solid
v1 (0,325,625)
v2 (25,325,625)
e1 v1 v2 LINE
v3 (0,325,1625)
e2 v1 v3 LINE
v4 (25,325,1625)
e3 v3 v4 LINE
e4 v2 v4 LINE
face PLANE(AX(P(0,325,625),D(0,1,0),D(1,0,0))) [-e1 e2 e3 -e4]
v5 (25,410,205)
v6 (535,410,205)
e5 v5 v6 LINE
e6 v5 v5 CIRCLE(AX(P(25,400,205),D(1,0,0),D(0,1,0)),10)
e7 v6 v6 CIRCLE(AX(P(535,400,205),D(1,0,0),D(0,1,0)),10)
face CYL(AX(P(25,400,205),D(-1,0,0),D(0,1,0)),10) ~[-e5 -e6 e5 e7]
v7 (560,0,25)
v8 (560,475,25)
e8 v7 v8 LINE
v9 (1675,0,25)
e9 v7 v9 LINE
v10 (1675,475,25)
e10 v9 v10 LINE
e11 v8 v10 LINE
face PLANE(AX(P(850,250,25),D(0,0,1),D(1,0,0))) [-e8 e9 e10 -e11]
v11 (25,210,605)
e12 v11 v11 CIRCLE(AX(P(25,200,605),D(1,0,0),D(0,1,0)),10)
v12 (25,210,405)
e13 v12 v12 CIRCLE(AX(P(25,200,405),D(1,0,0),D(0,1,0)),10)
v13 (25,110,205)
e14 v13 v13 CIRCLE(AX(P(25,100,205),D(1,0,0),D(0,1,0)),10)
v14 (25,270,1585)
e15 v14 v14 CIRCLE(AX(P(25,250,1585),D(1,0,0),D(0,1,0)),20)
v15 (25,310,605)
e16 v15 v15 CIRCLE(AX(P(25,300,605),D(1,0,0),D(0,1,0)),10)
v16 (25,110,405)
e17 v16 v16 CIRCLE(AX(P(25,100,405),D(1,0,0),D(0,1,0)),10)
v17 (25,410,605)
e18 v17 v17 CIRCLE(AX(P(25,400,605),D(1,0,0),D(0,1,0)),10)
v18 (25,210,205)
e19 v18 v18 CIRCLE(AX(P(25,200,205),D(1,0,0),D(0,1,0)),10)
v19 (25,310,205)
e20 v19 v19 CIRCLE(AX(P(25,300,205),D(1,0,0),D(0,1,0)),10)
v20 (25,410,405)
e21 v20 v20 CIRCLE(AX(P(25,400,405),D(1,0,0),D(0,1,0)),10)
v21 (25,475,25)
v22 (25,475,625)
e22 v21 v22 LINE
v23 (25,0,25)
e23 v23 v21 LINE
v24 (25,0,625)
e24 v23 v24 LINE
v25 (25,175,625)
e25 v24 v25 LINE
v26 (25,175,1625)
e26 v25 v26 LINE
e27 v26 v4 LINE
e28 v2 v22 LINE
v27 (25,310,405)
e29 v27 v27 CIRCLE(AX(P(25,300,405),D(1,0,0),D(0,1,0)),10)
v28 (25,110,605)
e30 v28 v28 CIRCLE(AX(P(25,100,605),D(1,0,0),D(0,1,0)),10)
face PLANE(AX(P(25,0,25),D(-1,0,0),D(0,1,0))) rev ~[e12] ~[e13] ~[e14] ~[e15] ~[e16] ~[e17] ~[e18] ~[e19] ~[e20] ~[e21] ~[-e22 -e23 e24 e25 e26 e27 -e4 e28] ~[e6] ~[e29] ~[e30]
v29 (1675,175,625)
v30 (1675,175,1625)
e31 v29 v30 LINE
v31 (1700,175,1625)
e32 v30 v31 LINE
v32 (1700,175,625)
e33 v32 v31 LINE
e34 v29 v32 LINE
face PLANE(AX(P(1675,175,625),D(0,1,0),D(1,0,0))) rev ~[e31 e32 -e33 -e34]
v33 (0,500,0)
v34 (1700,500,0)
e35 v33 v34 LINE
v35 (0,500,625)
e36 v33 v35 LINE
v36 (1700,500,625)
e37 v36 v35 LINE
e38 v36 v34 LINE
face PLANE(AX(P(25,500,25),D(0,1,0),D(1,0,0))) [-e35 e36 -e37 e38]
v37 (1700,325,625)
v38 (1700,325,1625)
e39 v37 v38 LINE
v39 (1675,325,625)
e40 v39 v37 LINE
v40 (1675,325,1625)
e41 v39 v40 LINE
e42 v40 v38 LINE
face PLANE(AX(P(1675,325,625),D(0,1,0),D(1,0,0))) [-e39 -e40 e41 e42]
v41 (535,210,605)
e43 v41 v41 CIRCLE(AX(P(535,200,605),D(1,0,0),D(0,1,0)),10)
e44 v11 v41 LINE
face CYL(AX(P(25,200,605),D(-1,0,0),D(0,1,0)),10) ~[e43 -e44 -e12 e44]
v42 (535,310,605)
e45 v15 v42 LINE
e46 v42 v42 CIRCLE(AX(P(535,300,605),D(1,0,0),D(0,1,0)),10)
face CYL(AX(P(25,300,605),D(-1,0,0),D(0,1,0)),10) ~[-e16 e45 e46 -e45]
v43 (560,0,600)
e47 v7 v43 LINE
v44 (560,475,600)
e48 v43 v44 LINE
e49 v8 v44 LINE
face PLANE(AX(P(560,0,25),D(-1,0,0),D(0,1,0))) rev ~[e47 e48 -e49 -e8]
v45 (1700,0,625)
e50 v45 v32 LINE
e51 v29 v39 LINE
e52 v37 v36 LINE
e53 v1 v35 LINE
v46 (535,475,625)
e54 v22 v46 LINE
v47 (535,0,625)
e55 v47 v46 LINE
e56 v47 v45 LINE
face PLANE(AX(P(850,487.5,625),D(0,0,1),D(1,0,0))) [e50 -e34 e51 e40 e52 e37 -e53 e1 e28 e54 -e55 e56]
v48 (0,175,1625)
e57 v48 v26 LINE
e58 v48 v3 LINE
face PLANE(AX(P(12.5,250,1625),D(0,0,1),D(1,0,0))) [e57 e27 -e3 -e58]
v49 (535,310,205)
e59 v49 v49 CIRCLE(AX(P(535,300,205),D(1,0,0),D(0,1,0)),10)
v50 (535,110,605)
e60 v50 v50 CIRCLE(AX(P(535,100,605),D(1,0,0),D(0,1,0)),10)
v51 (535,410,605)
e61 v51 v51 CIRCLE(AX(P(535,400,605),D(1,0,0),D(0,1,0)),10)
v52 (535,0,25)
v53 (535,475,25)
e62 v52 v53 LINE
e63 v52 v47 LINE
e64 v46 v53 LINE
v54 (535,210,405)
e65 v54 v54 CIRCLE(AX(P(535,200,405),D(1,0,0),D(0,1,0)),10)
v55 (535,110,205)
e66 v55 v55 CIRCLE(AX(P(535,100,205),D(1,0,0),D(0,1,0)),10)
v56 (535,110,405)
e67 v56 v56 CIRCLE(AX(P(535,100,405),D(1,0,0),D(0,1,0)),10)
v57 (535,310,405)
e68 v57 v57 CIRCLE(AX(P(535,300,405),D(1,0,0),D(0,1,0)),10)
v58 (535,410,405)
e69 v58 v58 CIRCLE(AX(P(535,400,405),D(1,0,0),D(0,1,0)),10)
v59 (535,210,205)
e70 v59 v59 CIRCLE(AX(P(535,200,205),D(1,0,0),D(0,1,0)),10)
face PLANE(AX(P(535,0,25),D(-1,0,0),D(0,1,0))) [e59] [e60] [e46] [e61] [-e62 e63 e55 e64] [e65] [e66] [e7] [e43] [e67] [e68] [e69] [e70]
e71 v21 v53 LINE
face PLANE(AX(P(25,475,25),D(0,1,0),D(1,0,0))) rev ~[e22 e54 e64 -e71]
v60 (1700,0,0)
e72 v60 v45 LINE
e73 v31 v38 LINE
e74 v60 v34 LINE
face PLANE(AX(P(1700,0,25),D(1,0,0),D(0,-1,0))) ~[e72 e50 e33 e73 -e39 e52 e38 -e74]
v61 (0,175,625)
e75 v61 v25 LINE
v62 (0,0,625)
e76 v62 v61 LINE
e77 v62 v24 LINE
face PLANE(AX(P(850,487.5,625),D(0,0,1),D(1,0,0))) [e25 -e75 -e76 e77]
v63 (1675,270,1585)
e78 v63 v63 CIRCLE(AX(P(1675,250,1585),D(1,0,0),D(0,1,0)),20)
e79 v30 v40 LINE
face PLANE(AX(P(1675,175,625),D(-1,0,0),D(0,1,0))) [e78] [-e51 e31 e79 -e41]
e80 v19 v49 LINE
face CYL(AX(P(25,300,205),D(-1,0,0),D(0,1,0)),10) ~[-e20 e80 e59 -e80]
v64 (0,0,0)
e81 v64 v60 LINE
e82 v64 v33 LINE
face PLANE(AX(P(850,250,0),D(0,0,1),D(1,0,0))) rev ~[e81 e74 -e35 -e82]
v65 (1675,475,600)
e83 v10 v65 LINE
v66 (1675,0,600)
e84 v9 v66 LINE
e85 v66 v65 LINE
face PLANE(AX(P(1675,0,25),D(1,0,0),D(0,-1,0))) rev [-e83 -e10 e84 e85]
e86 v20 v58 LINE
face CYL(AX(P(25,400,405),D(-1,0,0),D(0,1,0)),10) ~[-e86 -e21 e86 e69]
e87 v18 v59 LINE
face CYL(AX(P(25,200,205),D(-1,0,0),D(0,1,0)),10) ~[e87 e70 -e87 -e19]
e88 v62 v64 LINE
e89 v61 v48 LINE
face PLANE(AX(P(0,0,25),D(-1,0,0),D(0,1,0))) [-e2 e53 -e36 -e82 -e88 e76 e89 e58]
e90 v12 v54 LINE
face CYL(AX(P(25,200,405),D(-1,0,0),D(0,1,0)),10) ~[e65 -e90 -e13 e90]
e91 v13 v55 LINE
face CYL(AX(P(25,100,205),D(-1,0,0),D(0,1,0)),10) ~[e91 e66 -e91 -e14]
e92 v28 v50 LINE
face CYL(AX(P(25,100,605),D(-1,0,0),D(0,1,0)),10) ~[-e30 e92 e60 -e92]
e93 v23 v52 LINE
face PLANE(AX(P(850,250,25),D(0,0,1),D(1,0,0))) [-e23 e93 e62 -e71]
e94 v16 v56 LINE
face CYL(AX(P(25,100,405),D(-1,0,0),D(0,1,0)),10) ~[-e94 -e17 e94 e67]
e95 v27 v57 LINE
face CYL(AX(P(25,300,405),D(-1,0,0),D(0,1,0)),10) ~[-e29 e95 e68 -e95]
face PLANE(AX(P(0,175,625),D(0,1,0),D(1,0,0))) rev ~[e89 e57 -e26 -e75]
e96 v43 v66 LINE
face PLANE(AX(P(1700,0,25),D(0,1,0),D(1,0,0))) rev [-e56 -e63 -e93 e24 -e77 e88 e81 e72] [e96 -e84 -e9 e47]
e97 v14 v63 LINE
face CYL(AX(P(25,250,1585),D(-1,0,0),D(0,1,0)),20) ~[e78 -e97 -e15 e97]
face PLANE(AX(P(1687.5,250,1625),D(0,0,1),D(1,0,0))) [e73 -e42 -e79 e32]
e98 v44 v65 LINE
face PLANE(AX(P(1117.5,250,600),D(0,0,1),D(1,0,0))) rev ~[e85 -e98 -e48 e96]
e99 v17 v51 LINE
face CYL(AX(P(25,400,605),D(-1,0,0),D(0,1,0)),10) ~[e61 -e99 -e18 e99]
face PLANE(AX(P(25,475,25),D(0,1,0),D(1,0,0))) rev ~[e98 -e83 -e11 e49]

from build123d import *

# Parameters (mm, degrees)
F0_W      = 1700
F0_H      = 500
F1_DEPTH  = 25
F2_W      = 25
F2_H      = 500
F3_DEPTH  = 600
F6_W      = 1650
F6_H      = 25
F7_DEPTH  = 600
F8_W      = 25
F8_H      = 475
F9_DEPTH  = 600
F10_W     = 1165
F10_H     = 500
F11_DEPTH = 25
F12_R     = 10
F13_DEPTH = 510
F14_W     = 25
F14_H     = 150
F15_DEPTH = 1000
F16_W     = 25
F16_H     = 150
F17_DEPTH = 1000
F18_R     = 20
F19_DEPTH = 1650


with BuildPart() as f1:
    # F0 (on Top) → F1 (new body)
    with BuildSketch(Plane.XY):
        with Locations((850, 250)):
            Rectangle(F0_W, F0_H)
    extrude(amount=F1_DEPTH)

    # F2 (on face) → F3 (join)
    with BuildSketch(Plane.XY.offset(25)):
        with Locations((12.5, 250)):
            Rectangle(F2_W, F2_H)
    extrude(amount=F3_DEPTH)

    # F5: F1 across plane


with BuildPart() as f1_1:
    add(f1.part)
    add(f1.part.mirror(Plane.YZ.offset(850)))

    # F6 (on face) → F7 (join, through all)
    with BuildSketch(Plane.XY.offset(25)):
        with Locations((850, 487.5)):
            Rectangle(F6_W, F6_H)
    extrude(amount=F7_DEPTH)

    # F8 (on face) → F9 (join, through all)
    with BuildSketch(Plane.XY.offset(25)):
        with Locations((547.5, 237.5)):
            Rectangle(F8_W, F8_H)
    extrude(amount=F9_DEPTH)

    # F10 (on face) → F11 (join)
    with BuildSketch(Plane.XY.offset(625)):
        with Locations((1117.5, 250)):
            Rectangle(F10_W, F10_H)
    extrude(amount=-F11_DEPTH)

    # F12 (on face) → F13 (join, through all)
    with BuildSketch(Plane.YZ.offset(25)):
        with Locations((100, 605)):
            Circle(F12_R)
        with Locations((100, 205)):
            Circle(F12_R)
        with Locations((100, 405)):
            Circle(F12_R)
        with Locations((200, 605)):
            Circle(F12_R)
        with Locations((200, 405)):
            Circle(F12_R)
        with Locations((200, 205)):
            Circle(F12_R)
        with Locations((300, 605)):
            Circle(F12_R)
        with Locations((300, 405)):
            Circle(F12_R)
        with Locations((300, 205)):
            Circle(F12_R)
        with Locations((400, 605)):
            Circle(F12_R)
        with Locations((400, 405)):
            Circle(F12_R)
        with Locations((400, 205)):
            Circle(F12_R)
    extrude(amount=F13_DEPTH)

    # F14 (on face) → F15 (join)
    with BuildSketch(Plane.XY.offset(625)):
        with Locations((12.5, 250)):
            Rectangle(F14_W, F14_H)
    extrude(amount=F15_DEPTH)

    # F16 (on face) → F17 (join)
    with BuildSketch(Plane.XY.offset(625)):
        with Locations((1687.5, 250)):
            Rectangle(F16_W, F16_H)
    extrude(amount=F17_DEPTH)

    # F18 (on face) → F19 (join, through all)
    with BuildSketch(Plane.YZ.offset(25)):
        with Locations((250, 1585)):
            Circle(F18_R)
    extrude(amount=F19_DEPTH)


solid = f1_1.part
